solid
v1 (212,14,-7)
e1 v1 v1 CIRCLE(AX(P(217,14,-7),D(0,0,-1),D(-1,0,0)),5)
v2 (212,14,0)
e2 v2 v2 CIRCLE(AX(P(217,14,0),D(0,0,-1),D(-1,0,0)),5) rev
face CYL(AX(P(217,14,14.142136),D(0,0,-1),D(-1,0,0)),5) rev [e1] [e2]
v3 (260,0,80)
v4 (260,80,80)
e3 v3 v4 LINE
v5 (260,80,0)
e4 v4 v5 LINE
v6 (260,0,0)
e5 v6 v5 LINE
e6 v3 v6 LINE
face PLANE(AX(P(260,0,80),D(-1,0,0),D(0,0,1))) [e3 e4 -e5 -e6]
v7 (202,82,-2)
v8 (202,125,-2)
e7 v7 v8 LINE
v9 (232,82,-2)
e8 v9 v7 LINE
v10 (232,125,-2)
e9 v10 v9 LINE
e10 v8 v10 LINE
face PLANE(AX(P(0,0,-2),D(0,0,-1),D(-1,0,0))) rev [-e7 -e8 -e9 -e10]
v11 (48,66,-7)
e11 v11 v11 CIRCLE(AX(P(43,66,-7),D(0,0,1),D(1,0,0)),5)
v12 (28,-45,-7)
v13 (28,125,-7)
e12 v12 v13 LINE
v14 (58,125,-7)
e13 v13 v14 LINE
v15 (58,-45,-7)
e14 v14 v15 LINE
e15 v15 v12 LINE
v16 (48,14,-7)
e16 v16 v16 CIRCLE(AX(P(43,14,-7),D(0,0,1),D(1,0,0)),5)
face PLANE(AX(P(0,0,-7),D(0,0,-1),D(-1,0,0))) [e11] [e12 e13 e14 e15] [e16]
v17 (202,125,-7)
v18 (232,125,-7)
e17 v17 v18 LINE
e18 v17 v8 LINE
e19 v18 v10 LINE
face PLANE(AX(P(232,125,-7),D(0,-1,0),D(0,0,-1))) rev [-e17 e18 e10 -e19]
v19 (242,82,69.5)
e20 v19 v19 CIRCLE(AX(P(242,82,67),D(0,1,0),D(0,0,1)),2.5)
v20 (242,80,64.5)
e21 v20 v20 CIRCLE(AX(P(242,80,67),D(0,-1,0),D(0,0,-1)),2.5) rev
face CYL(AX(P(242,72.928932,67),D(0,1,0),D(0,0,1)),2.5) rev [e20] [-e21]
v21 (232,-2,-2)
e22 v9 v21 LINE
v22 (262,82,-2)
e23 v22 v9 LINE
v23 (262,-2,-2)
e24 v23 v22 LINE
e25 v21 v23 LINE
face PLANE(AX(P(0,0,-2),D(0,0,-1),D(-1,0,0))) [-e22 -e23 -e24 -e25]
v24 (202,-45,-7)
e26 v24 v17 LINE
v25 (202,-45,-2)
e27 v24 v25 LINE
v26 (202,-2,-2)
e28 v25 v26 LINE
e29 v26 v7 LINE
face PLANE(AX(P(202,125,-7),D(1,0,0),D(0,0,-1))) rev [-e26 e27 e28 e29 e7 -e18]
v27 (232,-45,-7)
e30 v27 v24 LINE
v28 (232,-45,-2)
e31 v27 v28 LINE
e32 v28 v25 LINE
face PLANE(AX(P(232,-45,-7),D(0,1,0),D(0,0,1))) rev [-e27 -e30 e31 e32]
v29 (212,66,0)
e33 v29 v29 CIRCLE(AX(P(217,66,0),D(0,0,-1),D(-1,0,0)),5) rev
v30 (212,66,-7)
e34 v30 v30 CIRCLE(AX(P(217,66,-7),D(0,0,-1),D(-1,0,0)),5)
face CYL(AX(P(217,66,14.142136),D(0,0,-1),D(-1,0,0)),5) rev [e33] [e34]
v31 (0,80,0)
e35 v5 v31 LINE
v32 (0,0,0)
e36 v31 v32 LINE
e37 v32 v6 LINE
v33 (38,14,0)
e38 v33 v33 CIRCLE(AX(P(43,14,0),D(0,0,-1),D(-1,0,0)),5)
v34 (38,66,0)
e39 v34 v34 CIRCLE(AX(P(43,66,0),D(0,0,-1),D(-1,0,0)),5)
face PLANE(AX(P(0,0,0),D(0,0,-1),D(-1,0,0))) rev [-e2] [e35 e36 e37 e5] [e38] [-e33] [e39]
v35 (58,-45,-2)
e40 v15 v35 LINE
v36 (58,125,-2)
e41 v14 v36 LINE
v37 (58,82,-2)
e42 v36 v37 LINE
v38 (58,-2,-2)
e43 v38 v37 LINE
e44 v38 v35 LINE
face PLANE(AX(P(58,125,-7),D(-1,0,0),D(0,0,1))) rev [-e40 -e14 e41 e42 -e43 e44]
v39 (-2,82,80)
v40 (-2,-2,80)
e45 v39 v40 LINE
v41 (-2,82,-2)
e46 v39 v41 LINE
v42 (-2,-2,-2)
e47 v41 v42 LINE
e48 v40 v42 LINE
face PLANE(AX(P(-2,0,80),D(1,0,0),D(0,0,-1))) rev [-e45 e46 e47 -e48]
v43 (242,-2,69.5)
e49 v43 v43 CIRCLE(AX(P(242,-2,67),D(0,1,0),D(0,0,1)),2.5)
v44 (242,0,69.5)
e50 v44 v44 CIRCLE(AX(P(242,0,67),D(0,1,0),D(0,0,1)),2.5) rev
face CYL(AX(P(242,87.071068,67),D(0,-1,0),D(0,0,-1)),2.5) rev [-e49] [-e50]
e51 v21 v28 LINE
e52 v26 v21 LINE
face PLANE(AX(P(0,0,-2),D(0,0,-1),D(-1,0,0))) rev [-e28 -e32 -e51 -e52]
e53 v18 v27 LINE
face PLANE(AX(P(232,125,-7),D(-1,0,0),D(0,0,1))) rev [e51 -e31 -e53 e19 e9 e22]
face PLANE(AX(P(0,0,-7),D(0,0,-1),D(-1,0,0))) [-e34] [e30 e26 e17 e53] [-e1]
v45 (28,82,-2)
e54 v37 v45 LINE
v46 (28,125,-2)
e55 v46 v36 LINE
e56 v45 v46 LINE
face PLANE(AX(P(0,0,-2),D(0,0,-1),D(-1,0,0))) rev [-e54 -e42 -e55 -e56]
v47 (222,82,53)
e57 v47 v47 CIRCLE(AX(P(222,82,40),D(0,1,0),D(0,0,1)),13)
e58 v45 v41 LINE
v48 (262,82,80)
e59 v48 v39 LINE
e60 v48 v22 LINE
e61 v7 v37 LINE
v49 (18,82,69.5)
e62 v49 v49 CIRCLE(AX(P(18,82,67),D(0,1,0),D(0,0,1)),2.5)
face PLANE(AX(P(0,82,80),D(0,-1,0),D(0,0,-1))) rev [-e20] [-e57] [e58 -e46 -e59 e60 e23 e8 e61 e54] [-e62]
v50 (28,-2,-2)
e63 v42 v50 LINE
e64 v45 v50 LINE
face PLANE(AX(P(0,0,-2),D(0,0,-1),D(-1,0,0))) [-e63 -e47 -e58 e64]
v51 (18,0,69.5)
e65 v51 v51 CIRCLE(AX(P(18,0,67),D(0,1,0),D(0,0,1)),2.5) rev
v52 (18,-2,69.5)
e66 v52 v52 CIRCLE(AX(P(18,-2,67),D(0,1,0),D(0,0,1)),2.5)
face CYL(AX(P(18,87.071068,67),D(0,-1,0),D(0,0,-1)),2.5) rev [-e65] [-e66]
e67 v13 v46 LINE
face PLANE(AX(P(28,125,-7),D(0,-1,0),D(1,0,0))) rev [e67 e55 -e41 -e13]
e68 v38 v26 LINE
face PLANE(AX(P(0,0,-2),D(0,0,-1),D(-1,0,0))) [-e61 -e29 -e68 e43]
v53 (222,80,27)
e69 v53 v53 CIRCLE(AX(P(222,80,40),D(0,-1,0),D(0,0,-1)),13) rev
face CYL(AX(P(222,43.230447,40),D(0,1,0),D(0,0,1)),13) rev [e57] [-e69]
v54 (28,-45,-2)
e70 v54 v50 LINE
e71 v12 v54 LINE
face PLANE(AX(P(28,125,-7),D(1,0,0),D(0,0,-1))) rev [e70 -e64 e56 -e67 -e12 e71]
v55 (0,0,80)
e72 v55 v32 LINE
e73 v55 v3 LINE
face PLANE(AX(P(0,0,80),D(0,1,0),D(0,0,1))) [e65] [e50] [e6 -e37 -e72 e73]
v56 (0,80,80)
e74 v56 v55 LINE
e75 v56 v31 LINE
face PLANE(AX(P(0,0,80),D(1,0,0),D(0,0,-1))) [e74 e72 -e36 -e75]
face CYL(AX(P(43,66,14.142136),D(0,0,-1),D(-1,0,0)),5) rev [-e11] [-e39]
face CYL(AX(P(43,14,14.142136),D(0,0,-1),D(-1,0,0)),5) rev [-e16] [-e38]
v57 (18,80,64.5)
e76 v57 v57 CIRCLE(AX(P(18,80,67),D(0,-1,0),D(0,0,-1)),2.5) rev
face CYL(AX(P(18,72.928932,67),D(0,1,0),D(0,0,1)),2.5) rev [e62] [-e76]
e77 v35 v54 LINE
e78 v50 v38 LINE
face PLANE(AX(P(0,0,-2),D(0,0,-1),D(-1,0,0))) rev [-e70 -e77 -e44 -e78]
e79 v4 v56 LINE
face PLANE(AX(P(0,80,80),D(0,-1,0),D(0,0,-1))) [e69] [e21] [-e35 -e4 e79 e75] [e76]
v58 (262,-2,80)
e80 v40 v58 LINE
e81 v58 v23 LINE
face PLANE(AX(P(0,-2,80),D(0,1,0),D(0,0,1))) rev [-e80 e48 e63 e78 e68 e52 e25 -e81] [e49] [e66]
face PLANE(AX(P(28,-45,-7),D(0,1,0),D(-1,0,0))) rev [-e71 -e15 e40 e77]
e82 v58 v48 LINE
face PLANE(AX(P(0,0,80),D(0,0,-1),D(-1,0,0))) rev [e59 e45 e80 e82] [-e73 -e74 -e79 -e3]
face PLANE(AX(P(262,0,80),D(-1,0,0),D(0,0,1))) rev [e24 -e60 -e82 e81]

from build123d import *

# Parameters (mm, degrees)
SKETCH1_W           = 260
SKETCH1_H           = 80
BOSS_EXTRUDE1_DEPTH = 80
SHELL1_T            = 2
SKETCH3_W           = 30
SKETCH3_H           = 170
BOSS_EXTRUDE2_DEPTH = 5
SKETCH4_R           = 5
CUT_EXTRUDE3_DEPTH  = 7
SKETCH6_R           = 13
CUT_EXTRUDE4_DEPTH  = 2
SKETCH7_R           = 2.5
CUT_EXTRUDE5_DEPTH  = 82


with BuildPart() as part:
    # Sketch1 → Boss-Extrude1 (new body)
    with BuildSketch(Plane.XY):
        with Locations((130, 40)):
            Rectangle(SKETCH1_W, SKETCH1_H)
    extrude(amount=BOSS_EXTRUDE1_DEPTH)

    # Shell1
    shell1_openings = [part.faces().sort_by_distance(p)[0] for p in [
        (130, 40, 80),
    ]]
    offset(amount=SHELL1_T, openings=shell1_openings, kind=Kind.INTERSECTION)

    # Sketch3 → Boss-Extrude2 (add)
    with BuildSketch(Plane(origin=(0, 0, -2), x_dir=(-1, 0, 0), z_dir=(0, 0, -1))):
        with Locations((-217, 40)):
            Rectangle(SKETCH3_W, SKETCH3_H)
        with Locations((-43, 40)):
            Rectangle(SKETCH3_W, SKETCH3_H)
    extrude(amount=BOSS_EXTRUDE2_DEPTH)

    # Sketch4 → Cut-Extrude3 (cut)
    with BuildSketch(Plane(origin=(0, 0, -7), x_dir=(-1, 0, 0), z_dir=(0, 0, -1))):
        with Locations((-217, 66)):
            Circle(SKETCH4_R)
        with Locations((-217, 14)):
            Circle(SKETCH4_R)
    cut_extrude3 = extrude(amount=-CUT_EXTRUDE3_DEPTH, mode=Mode.SUBTRACT)

    # Mirror1: Cut-Extrude3 across plane
    add(cut_extrude3.mirror(Plane(origin=(130, 0, 0), x_dir=(0, 0, 1), z_dir=(1, 0, 0))), mode=Mode.SUBTRACT)

    # Sketch6 → Cut-Extrude4 (cut)
    with BuildSketch(Plane(origin=(0, 82, 0), x_dir=(1, 0, 0), z_dir=(0, 1, 0))):
        with Locations(Location((222, -40, 0), (0, 0, 270))):
            Circle(SKETCH6_R)
    extrude(amount=-CUT_EXTRUDE4_DEPTH, mode=Mode.SUBTRACT)

    # Sketch7 → Cut-Extrude5 (cut)
    with BuildSketch(Plane(origin=(0, 82, 0), x_dir=(1, 0, 0), z_dir=(0, 1, 0))):
        with Locations(Location((18, -67, 0), (0, 0, 270))):
            Circle(SKETCH7_R)
        with Locations(Location((242, -67, 0), (0, 0, 270))):
            Circle(SKETCH7_R)
    cut_extrude5 = extrude(amount=-CUT_EXTRUDE5_DEPTH, mode=Mode.SUBTRACT)

    # Mirror2: Cut-Extrude5 across plane
    add(cut_extrude5.mirror(Plane(origin=(0, 40, 0), x_dir=(0, 0, 1), z_dir=(0, -1, 0))), mode=Mode.SUBTRACT)


solid = part.part
